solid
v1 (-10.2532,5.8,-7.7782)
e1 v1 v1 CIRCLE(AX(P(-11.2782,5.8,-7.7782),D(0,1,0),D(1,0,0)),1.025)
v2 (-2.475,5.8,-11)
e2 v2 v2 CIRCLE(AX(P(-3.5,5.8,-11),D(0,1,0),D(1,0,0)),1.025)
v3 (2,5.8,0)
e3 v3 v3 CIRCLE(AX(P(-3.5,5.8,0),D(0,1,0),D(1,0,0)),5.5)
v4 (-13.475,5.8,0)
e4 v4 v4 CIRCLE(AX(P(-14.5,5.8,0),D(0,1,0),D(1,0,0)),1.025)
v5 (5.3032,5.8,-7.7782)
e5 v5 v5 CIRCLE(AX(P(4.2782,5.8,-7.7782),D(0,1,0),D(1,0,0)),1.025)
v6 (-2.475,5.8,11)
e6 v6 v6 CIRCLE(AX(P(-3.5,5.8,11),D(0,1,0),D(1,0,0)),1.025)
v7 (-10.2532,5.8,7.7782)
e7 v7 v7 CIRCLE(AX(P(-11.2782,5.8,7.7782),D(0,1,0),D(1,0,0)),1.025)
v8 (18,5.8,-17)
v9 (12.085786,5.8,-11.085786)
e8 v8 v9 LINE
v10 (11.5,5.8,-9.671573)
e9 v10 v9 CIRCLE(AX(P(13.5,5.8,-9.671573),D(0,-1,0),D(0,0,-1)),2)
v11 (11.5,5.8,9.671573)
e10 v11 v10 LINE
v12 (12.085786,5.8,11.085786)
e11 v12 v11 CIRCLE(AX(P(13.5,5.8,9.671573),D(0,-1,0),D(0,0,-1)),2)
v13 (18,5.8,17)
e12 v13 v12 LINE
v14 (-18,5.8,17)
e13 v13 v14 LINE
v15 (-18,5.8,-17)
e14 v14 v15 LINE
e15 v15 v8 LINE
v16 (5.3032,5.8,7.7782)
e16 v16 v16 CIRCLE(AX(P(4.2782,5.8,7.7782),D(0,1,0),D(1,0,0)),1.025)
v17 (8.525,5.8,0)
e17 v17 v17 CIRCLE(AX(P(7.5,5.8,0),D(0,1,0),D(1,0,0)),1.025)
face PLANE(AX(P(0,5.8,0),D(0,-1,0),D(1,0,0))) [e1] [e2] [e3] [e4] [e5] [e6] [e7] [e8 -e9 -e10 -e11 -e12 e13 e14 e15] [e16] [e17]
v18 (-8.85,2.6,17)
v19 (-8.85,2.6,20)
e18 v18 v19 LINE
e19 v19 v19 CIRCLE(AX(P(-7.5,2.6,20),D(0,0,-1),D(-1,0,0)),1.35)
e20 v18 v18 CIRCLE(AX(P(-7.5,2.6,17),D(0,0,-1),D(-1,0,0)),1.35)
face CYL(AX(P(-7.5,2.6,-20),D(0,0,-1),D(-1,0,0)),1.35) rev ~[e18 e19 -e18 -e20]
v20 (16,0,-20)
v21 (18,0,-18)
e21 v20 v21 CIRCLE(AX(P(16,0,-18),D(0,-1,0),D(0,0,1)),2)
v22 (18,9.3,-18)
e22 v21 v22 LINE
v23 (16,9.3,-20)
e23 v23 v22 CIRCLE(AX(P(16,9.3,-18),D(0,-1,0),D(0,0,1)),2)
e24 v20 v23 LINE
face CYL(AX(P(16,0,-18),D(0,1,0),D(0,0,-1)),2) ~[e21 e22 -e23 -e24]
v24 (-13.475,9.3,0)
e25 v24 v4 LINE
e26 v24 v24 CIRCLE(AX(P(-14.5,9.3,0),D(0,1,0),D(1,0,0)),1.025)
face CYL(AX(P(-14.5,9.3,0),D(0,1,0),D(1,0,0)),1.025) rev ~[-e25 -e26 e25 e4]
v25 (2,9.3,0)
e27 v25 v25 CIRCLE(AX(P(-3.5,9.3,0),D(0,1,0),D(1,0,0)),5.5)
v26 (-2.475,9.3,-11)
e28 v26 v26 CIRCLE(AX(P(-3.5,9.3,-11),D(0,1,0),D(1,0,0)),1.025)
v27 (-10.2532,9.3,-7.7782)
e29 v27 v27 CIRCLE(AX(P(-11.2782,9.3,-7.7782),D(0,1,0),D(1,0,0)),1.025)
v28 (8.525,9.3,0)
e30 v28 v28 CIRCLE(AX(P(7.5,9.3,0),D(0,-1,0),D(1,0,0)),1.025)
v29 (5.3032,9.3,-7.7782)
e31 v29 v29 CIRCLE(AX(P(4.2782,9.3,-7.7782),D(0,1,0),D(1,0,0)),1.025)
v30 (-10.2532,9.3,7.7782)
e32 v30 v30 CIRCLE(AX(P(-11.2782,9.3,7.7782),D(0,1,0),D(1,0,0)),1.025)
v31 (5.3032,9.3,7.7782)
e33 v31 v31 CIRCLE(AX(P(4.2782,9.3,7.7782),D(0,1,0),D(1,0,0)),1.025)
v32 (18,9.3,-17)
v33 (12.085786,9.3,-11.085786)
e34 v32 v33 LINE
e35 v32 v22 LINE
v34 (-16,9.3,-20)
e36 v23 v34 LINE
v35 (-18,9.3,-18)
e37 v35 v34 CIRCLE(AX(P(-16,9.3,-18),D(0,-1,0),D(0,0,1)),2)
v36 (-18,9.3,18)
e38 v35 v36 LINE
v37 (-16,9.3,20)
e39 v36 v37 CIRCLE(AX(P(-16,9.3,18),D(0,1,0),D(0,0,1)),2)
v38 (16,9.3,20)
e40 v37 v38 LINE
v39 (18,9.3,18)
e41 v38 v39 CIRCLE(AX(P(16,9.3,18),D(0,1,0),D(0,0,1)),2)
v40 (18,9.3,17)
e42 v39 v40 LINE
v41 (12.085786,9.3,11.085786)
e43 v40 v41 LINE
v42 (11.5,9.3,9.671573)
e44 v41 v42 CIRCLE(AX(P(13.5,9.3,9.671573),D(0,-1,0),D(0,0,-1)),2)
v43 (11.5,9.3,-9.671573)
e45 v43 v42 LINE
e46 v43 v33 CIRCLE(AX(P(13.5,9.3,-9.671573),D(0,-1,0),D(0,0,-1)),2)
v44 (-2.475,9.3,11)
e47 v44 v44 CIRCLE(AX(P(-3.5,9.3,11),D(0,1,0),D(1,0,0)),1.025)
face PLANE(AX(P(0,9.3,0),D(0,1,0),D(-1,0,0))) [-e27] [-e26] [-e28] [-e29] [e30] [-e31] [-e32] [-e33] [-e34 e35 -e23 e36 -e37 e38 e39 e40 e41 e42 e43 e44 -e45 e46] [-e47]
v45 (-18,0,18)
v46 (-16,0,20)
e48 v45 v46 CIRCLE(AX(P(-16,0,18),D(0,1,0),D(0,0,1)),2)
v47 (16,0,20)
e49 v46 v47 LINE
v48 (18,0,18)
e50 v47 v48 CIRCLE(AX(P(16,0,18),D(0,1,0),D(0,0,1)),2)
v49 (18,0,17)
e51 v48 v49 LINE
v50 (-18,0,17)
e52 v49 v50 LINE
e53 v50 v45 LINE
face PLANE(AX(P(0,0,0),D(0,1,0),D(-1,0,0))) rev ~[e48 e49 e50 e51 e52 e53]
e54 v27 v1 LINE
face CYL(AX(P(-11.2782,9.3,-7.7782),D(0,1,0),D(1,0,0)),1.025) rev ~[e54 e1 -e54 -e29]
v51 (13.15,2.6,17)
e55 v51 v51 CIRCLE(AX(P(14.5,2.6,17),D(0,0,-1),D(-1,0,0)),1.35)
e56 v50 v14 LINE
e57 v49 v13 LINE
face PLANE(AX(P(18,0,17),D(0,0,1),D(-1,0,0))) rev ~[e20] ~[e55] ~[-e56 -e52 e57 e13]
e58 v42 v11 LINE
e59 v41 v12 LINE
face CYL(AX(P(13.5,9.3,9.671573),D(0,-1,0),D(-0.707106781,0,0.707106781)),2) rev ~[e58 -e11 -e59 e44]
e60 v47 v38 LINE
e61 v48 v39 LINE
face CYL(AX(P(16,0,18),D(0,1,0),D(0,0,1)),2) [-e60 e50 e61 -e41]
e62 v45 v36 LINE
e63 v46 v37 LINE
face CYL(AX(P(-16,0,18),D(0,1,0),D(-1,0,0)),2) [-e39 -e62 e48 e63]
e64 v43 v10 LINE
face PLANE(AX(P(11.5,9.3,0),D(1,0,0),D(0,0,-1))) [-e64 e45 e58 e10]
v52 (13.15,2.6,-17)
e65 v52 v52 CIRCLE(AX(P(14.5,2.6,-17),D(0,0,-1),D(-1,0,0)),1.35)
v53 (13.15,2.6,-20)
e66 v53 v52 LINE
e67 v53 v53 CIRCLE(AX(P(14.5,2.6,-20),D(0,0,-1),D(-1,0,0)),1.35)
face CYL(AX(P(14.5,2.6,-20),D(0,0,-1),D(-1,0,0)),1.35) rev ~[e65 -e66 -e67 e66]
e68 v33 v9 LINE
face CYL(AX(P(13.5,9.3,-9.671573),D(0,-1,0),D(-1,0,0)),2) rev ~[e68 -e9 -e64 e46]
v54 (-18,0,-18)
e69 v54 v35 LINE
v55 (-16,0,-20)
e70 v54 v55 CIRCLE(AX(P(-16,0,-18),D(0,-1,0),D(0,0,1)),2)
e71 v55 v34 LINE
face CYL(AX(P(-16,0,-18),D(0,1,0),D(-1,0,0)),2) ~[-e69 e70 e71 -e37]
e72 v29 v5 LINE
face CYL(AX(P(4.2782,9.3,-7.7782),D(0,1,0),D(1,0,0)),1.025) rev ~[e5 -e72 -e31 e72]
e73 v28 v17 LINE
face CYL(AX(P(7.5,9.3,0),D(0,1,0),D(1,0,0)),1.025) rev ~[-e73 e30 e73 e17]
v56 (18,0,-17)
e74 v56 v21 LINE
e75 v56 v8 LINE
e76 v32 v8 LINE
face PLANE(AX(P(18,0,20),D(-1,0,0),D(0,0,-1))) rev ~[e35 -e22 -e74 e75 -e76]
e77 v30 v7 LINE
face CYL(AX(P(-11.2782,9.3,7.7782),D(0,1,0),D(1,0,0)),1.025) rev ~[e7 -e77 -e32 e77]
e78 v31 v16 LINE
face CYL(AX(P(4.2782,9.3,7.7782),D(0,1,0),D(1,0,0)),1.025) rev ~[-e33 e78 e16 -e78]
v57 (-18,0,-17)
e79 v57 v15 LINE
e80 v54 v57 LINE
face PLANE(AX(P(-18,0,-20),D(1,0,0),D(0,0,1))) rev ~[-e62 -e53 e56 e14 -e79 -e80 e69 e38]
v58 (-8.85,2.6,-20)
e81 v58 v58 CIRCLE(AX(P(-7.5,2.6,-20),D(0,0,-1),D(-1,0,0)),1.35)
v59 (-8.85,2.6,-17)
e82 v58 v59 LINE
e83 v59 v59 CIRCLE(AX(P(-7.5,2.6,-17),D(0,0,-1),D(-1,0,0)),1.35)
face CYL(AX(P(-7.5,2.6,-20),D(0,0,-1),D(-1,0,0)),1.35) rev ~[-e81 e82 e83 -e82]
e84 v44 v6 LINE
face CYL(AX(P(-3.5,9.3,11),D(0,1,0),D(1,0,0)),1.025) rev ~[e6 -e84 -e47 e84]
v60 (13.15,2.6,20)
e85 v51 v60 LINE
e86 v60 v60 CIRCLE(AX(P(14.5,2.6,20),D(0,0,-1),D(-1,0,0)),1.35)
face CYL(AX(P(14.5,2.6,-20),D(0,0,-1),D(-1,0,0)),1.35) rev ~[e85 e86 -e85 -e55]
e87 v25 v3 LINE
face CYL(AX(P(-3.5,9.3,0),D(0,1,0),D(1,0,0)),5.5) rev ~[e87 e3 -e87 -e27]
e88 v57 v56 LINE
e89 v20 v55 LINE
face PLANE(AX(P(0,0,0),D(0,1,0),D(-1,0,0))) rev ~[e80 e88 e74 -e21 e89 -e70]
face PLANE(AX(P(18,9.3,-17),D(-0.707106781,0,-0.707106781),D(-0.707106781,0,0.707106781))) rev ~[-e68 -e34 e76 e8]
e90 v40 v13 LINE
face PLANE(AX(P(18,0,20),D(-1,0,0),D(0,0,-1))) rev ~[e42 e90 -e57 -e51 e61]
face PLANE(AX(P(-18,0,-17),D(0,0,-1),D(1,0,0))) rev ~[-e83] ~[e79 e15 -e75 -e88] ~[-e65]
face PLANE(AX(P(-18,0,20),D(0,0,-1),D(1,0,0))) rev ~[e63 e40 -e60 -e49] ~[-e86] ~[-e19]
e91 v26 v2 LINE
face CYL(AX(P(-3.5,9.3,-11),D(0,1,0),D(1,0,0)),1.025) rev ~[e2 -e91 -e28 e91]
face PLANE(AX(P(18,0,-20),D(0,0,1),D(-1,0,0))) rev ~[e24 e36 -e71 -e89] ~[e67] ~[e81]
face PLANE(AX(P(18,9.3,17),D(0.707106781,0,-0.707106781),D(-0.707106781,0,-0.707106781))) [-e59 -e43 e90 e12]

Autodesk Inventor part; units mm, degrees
ref_plane "YZ Plane" through (0, 0, 0) normal (1, 0, 0) x (0, 1, 0)
ref_plane "XZ Plane" through (0, 0, 0) normal (0, 1, 0) x (-1, 0, 0)
ref_plane "XY Plane" through (0, 0, 0) normal (0, 0, 1) x (1, 0, 0)
sketch "Sketch2" plane through (0, 0, 0) normal (0, 1, 0) x (-1, 0, 0)
  line L0 (18, 20) -> (-18, 20)
  line L1 (-18, 20) -> (-18, -20)
  line L2 (-18, -20) -> (18, -20)
  line L3 (18, -20) -> (18, 20)
  line L4 (18, 20) -> (-18, -20) construction
  line L5 (-18, 20) -> (18, -20) construction
  point P0 (0, 0)
  dimension "d0" = 36
  dimension "d1" = 40
extrude "Extrusion1" add sketch "Sketch2" along normal blind 9.3
sketch "Sketch3" plane through (0, 0, 0) normal (0, -1, 0) x (1, 0, 0)
  line L0 (-18, -17) -> (18, -17)
  line L1 (18, -17) -> (18, 17)
  line L2 (18, 17) -> (-18, 17)
  line L3 (-18, 17) -> (-18, -17)
  line L4 (-18, -17) -> (18, 17) construction
  line L5 (18, -17) -> (-18, 17) construction
  point P0 (0, 0)
  dimension "d4" = 36
  dimension "d5" = 34
extrude "Extrusion2" cut sketch "Sketch3" against normal blind 5.8
sketch "Sketch4" plane through (18, 0, -20) normal (0, 0, -1) x (-1, 0, 0)
  line L0 (0, 0) -> (36, 0) projected
  line L1 (36, 0) -> (36, 9.3) projected
  line L2 (0, 9.3) -> (36, 9.3) projected
  line L3 (0, 0) -> (0, 9.3) projected
  line L4 (36, 0) -> (0, 0) construction
  line L5 (0, 0) -> (0, 2.6) construction
  line L6 (0, 0) -> (0, 9.3) construction
  line L7 (0, 2.6) -> (3.5, 2.6) construction
  line L8 (3.5, 2.6) -> (25.5, 2.6) construction
  circle A0 centre (3.5, 2.6) radius 1.35
  circle A1 centre (25.5, 2.6) radius 1.35
  point P0 (18, 0)
  dimension "d8" = 2.6
  dimension "d9" = 3.5
  dimension "d10" = 22
  dimension "d11" = 180
  dimension "d12" = 2.7
  dimension "d13" = 2.7
extrude "Extrusion3" cut sketch "Sketch4" against normal up to surface (40 mm away) contours A0 | A1
sketch "Sketch5" plane through (0, 9.3, 0) normal (0, 1, 0) x (1, 0, 0)
  line L0 (18, -17) -> (18, 17) projected
  line L1 (18, 0) -> (7.5, 0)
  line L2 (18, 0) -> (28.5, 0) construction
  line L3 (7.5, 0) -> (-3.5, 0)
  line L4 (7.5, 0) -> (18.5, 0) construction
  circle A0 centre (7.5, 0) radius 1.025
  circle A1 centre (4.2782, 7.7782) radius 1.025
  circle A2 centre (-3.5, 11) radius 1.025
  circle A3 centre (-11.2782, 7.7782) radius 1.025
  circle A4 centre (-14.5, 0) radius 1.025
  circle A5 centre (-11.2782, -7.7782) radius 1.025
  circle A6 centre (-3.5, -11) radius 1.025
  circle A7 centre (4.2782, -7.7782) radius 1.025
  circle A8 centre (-3.5, 0) radius 5.5
  point P0 (0, 0)
  dimension "d16" = 10.5
  dimension "d17" = 180
  dimension "d18" = 11
  dimension "d19" = 180
  dimension "d20" = 2.05
  dimension "d23" = 360
  dimension "d25" = 11
extrude "Extrusion4" cut sketch "Sketch5" against normal up to surface (3.5 mm away)
sketch "Sketch6" plane through (0, 9.3, 0) normal (0, 1, 0) x (1, 0, 0)
  line L0 (18, 17) -> (-18, 17) projected
  line L1 (-18, 20) -> (-18, 17) projected
  line L2 (18, 20) -> (-18, 20) projected
  line L3 (18, 17) -> (18, 20) projected
  line L4 (-18, -17) -> (18, -17) projected
  line L5 (18, -20) -> (18, -17) projected
  line L6 (-18, -20) -> (18, -20) projected
  line L7 (-18, -17) -> (-18, -20) projected
  line L8 (18, -17) -> (18, 17) projected
  line L9 (18, 0) -> (11.5, 0)
  line L10 (11.5, 0) -> (11.5, 17)
  line L11 (11.5, 0) -> (11.5, -17)
  line L12 (18, 17) -> (11.5, 10.5)
  line L13 (18, 17) -> (27.1924, 17) construction
  line L14 (-18, -17) -> (18, -17) projected
  line L15 (18, -17) -> (11.5, -10.5)
  line L16 (18, -17) -> (27.1924, -17) construction
  point P0 (0, 0)
  dimension "d28" = 6.5
  dimension "d29" = 135
  dimension "d30" = 135
extrude "Extrusion5" cut sketch "Sketch6" against normal up to surface (3.5 mm away) contours L8 L9 L10 L12 | L8 L15 L11 L9
fillet "Fillet1" radius 2 6 edges at (11.5, 7.55, -10.5) (18, 4.65, -20) (11.5, 7.55, 10.5) (18, 4.65, 20) (-18, 4.65, 20) (-18, 4.65, -20)
properties part number "connector_shoulder_jasper"
